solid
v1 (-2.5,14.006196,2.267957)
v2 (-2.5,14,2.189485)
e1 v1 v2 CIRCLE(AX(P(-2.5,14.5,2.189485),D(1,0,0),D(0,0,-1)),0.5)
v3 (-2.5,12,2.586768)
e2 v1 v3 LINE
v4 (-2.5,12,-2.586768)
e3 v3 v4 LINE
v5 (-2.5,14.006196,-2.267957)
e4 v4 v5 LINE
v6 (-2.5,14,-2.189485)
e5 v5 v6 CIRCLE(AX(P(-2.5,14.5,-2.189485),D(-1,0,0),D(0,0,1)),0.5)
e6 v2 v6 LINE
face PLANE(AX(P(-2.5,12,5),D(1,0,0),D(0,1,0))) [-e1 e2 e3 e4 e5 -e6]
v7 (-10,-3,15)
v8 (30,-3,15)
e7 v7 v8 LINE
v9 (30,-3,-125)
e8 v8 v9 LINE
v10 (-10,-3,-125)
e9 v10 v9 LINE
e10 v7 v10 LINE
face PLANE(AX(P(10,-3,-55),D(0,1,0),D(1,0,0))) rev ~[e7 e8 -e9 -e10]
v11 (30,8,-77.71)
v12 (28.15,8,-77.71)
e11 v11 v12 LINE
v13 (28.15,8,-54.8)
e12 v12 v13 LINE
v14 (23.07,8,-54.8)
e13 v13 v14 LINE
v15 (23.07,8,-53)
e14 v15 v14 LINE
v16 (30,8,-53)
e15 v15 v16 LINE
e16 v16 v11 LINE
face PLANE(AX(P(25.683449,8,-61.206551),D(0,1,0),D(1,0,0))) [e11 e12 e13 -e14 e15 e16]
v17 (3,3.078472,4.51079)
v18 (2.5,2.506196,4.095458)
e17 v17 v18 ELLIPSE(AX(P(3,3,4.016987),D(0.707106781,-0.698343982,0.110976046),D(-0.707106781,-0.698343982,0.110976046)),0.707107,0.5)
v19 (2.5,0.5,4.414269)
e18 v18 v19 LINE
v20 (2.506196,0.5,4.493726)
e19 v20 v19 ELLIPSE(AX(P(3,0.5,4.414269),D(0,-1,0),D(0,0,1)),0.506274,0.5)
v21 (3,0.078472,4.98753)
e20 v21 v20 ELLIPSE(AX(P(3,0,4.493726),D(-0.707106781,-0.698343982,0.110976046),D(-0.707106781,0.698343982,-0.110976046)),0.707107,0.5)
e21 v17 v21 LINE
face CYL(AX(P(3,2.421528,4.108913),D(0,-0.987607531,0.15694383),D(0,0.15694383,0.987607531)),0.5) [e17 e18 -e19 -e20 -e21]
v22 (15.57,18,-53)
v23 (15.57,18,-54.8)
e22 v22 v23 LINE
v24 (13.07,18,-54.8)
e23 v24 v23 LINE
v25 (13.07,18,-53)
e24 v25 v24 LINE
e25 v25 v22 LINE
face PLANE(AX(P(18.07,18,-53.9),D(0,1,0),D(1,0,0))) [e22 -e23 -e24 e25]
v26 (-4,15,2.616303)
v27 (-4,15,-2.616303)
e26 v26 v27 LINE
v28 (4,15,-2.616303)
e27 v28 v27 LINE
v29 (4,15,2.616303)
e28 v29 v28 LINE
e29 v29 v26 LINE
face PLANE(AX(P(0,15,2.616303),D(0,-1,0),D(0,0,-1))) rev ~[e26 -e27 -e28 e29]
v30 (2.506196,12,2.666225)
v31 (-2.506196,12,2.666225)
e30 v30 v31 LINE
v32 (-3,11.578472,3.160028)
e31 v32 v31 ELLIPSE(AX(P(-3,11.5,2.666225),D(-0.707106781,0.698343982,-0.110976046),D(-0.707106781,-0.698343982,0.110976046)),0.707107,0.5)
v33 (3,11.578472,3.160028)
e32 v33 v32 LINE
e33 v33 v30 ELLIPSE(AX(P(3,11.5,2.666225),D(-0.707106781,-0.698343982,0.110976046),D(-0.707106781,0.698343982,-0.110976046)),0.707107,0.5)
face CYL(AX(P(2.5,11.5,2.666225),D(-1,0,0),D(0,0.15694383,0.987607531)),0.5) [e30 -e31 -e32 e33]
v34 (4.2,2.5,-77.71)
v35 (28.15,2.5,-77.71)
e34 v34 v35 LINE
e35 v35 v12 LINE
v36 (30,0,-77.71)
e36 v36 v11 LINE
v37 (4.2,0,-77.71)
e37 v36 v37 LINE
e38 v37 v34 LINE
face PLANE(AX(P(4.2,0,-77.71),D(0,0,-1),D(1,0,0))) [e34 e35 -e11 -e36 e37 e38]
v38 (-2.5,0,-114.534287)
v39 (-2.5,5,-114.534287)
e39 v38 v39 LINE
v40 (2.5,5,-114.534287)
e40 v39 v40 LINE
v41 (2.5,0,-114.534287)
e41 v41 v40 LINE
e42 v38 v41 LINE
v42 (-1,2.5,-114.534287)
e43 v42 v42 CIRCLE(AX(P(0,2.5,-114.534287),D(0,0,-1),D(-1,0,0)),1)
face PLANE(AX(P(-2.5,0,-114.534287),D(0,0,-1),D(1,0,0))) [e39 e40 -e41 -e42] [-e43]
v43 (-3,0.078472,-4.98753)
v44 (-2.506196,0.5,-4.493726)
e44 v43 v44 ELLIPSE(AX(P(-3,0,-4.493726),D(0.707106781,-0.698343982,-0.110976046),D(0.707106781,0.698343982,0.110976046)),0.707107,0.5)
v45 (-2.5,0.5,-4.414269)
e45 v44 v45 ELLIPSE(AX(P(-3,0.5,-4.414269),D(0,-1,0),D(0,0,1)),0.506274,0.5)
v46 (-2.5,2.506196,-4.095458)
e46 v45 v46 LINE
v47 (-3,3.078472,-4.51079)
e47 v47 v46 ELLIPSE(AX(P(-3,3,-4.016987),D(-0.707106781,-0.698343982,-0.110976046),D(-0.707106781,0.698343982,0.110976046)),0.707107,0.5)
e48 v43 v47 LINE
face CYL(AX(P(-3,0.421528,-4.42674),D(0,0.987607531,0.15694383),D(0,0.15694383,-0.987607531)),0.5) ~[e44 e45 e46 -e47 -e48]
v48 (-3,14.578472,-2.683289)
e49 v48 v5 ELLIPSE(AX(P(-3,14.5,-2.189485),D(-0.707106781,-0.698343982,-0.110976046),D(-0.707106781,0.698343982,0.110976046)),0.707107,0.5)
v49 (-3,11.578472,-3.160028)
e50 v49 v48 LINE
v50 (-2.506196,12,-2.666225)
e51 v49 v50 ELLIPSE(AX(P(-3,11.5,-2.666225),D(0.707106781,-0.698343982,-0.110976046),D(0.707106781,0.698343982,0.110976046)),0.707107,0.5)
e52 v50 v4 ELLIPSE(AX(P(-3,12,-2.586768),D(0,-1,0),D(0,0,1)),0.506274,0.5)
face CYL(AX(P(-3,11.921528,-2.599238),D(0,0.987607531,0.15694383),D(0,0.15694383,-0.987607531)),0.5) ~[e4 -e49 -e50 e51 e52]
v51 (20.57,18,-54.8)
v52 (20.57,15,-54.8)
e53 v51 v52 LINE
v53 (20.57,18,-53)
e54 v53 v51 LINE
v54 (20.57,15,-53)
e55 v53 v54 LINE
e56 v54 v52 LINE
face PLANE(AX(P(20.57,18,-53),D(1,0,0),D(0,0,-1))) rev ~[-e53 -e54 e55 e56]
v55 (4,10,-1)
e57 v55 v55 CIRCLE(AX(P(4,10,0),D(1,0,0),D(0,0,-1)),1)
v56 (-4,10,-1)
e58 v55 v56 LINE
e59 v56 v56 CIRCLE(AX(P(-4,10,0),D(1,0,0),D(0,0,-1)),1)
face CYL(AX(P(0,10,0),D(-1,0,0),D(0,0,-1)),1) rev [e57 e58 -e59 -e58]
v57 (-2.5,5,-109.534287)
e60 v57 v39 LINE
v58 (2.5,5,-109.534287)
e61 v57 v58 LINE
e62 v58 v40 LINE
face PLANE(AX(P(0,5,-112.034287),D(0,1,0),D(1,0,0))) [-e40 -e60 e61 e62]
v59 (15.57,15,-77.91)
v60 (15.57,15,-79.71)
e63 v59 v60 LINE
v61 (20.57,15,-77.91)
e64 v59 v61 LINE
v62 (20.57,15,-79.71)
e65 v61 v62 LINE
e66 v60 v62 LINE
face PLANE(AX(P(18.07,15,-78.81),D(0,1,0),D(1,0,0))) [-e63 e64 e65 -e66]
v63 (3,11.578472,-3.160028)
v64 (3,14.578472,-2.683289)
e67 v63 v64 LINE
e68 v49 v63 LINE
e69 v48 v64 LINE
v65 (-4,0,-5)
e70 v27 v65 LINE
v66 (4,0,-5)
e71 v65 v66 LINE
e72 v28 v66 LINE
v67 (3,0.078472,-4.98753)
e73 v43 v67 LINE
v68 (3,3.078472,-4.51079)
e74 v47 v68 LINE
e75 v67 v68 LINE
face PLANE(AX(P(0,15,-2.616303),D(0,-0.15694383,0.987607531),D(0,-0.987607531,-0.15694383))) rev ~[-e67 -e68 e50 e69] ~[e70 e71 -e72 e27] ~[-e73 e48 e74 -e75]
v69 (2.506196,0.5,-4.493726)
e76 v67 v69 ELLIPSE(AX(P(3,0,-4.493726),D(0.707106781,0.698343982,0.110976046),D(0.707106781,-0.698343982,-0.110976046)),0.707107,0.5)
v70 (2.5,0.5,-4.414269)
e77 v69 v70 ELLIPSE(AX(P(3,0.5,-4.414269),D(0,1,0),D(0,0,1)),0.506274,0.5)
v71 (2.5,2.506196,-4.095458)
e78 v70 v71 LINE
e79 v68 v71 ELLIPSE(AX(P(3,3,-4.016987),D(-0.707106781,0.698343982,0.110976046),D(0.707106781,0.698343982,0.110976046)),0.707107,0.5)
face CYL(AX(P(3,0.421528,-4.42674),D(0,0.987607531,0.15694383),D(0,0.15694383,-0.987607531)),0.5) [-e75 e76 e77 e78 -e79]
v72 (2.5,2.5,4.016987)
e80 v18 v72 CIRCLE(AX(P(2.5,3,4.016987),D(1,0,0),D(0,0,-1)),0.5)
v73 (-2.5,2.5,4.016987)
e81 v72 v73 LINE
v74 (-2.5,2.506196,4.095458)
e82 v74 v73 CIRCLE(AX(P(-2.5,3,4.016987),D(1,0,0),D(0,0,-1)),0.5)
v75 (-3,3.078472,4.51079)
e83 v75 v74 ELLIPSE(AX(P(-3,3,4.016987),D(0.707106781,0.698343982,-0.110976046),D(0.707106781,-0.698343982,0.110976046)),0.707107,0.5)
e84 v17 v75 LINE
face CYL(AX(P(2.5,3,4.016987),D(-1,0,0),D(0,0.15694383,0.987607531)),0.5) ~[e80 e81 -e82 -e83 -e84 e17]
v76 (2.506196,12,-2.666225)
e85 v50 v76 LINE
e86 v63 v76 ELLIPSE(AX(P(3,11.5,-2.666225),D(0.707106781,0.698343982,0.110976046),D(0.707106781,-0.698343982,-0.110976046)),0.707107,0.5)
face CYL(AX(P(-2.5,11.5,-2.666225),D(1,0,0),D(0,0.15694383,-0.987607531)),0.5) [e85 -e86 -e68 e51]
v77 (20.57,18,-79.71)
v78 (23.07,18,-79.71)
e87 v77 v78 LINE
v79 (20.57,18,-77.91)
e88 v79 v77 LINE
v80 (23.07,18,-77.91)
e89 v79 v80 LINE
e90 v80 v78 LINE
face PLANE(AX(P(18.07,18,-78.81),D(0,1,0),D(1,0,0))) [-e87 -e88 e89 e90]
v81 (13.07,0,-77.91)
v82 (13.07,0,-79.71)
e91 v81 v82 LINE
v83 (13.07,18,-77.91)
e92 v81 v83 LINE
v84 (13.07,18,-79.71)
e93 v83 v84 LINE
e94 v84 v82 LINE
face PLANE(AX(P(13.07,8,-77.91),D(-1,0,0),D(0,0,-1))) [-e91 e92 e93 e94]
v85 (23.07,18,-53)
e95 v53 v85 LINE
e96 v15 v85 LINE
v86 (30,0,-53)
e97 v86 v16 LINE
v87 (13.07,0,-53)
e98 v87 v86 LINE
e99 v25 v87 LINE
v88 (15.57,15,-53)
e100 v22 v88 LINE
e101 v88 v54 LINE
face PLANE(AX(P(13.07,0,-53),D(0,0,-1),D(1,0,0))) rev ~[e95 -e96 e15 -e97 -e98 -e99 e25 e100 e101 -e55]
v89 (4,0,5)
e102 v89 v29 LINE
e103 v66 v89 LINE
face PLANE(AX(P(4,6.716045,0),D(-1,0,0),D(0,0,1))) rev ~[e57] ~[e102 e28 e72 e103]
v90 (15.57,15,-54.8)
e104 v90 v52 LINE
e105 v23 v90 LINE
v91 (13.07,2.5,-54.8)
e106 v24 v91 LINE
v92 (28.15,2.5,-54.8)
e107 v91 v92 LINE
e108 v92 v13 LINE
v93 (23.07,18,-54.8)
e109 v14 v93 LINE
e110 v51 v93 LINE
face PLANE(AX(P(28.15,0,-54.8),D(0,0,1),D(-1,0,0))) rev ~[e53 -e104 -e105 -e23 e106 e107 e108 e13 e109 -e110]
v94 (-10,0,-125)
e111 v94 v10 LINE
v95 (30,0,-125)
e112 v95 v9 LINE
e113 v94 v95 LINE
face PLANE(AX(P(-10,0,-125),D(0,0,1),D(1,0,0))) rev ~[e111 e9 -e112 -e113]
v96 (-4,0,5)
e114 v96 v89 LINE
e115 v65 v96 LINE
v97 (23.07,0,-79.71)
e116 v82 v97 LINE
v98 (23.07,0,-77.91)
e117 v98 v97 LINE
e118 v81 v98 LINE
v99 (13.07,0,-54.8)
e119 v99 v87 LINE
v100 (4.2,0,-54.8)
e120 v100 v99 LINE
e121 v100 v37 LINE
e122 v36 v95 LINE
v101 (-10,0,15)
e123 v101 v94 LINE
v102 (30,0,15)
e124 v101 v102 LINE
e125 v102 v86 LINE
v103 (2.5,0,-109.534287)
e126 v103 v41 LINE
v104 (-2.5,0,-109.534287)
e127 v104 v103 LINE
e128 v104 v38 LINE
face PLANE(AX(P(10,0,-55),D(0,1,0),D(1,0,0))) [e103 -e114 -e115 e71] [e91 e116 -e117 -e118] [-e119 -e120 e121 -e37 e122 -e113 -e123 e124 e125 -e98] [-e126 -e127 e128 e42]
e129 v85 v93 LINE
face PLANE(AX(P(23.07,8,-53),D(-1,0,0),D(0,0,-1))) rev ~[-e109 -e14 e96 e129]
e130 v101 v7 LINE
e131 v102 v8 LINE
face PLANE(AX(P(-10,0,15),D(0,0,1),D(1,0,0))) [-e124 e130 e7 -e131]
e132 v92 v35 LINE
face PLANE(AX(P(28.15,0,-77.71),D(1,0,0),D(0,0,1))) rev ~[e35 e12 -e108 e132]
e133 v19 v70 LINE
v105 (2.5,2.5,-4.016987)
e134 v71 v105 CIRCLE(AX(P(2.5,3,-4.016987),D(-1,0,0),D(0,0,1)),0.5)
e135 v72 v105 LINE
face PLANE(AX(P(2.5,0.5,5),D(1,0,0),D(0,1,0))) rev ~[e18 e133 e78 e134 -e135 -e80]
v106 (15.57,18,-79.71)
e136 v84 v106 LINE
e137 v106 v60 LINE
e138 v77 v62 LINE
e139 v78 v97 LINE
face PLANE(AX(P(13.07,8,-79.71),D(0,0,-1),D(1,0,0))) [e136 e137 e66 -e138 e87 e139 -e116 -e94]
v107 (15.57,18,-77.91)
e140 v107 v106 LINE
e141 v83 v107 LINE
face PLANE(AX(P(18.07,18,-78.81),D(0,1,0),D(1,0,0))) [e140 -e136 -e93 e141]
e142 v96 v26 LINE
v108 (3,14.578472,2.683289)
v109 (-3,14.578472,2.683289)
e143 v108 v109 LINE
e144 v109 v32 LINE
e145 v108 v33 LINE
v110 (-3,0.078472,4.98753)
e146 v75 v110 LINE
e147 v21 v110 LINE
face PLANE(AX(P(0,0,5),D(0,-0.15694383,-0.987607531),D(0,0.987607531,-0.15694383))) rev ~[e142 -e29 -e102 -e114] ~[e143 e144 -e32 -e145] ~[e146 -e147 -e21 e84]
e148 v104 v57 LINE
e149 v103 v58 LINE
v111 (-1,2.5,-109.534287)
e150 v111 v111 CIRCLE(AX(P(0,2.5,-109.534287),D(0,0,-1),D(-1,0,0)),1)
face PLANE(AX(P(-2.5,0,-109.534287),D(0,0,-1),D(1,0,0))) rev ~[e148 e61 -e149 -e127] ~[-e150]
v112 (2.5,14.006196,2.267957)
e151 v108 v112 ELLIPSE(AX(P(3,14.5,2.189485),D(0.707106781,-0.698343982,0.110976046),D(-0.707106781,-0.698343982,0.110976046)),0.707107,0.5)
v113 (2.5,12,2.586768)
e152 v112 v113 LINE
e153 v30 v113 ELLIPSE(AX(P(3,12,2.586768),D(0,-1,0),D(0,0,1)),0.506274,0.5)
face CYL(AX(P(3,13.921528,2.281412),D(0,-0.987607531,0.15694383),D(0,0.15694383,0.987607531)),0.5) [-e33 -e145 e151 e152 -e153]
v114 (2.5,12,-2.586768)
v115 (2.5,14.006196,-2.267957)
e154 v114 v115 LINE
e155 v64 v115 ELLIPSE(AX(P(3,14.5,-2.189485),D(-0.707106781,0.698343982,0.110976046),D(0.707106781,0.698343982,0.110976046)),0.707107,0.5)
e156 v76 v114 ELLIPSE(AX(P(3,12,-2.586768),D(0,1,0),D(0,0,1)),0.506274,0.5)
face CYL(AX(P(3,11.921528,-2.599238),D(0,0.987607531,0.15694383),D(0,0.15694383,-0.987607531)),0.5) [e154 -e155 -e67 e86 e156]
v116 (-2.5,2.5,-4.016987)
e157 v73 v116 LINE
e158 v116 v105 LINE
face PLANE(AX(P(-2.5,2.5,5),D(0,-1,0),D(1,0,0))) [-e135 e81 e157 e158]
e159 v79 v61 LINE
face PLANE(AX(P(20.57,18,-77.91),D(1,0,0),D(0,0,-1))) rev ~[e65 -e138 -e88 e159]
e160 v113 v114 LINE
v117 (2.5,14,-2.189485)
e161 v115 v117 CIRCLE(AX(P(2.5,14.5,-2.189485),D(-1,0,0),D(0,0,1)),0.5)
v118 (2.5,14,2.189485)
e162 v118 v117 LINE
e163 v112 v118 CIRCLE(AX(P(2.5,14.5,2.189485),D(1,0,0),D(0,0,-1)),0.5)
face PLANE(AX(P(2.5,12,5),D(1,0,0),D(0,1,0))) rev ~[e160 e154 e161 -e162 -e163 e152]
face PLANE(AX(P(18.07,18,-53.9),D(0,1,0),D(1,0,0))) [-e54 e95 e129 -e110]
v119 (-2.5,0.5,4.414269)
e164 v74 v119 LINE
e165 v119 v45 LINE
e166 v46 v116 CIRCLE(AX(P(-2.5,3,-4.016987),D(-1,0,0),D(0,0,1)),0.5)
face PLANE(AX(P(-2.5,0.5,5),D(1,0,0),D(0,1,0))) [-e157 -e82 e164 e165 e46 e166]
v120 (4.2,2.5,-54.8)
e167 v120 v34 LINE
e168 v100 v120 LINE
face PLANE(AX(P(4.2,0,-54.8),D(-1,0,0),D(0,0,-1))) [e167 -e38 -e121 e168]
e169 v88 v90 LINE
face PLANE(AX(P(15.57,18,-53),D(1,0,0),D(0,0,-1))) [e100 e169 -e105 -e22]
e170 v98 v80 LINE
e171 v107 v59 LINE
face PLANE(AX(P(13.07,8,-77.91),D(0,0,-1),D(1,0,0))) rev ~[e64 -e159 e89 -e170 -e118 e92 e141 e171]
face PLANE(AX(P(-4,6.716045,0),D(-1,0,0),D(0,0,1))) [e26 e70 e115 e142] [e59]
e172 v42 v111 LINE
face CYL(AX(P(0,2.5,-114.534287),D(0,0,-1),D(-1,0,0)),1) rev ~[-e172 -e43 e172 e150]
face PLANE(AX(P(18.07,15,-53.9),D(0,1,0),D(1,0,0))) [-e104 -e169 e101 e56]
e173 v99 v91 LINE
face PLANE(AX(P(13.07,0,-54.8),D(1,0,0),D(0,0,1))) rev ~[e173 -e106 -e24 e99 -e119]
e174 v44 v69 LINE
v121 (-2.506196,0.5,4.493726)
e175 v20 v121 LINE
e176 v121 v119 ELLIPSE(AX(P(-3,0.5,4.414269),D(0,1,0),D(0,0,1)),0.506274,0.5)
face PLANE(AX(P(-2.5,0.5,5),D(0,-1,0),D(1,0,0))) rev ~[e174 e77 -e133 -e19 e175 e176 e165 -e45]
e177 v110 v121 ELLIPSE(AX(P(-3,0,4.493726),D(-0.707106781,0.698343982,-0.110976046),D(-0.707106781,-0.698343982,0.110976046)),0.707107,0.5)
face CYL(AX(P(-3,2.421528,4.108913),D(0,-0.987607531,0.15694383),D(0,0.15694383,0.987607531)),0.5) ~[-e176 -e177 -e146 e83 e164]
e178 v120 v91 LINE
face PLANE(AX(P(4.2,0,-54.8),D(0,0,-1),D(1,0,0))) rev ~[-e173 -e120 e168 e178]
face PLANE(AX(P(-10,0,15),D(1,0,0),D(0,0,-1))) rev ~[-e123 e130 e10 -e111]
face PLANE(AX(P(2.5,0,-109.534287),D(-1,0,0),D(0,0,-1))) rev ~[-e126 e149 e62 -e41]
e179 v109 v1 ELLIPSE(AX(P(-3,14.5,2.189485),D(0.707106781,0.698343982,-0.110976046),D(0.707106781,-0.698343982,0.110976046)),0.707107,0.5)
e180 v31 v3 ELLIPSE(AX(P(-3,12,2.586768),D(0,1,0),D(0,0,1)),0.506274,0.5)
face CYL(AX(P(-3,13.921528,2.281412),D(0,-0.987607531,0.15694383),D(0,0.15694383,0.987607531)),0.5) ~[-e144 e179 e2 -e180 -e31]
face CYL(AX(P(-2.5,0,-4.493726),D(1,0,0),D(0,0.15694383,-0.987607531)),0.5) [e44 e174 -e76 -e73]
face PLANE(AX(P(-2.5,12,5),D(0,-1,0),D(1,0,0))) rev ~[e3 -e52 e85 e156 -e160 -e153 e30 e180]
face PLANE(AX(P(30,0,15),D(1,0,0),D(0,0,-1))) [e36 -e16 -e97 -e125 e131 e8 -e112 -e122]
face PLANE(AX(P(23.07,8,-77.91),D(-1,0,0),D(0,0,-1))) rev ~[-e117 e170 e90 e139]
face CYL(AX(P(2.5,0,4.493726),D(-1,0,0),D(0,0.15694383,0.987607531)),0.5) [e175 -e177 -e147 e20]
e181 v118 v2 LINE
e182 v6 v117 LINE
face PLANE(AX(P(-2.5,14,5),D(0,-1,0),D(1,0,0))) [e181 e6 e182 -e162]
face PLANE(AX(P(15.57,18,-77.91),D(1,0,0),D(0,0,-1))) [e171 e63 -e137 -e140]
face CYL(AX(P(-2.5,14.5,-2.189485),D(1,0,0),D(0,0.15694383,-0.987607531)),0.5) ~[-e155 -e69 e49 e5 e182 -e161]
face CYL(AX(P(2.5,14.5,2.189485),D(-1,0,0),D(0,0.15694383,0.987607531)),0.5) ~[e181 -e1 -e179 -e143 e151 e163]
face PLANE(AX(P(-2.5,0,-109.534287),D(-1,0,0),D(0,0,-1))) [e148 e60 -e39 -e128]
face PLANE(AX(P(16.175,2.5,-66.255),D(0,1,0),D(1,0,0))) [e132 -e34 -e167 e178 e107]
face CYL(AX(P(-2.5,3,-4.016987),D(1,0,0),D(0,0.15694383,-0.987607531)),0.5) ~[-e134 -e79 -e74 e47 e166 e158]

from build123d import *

# Parameters (mm, degrees)
TEST_MOUNT_SKETCH_R                  = 1
TEST_MOUNT_EXTRUDE_DEPTH             = 4
MOUTNING_PLATE_SKETCH_W              = 40
MOUTNING_PLATE_SKETCH_H              = 140
MOUNTING_PLATE_EXTRUDE_DEPTH         = 3
SERVO_MOUNT_SKETCH_W                 = 10
SERVO_MOUNT_SKETCH_H                 = 1.8
MOUNTING_SERVO_EXTRUDE_DEPTH         = 8
SERVO_FLOOR_SKETCH_W                 = 23.95
SERVO_FLOOR_SKETCH_H                 = 22.91
SERVO_FLOOR_EXTRUDE_DEPTH            = 2.5
ROUTING_HOLES_SKETCH_W               = 5
ROUTING_HOLES_SKETCH_H               = 2
ROUTING_HOLES_EXTRUDED_CUT_DEPTH     = 10
ROUTING_FILLETS_R                    = 0.5
TIE_OFF_BASE_W                       = 5
TIE_OFF_BASE_H                       = 5
TIE_OFF_BASE_EXTRUDE_DEPTH           = 5
TIE_OFF_BASE_HOLE_SKETCH_R           = 1
TIE_OFF_BASE_HOLE_EXTRUDED_CUT_DEPTH = 5
SERVO_HOLD_SKETCH_W                  = 10
SERVO_HOLD_SKETCH_H                  = 1.8
SERVO_HOLD_EXTRUDE_DEPTH             = 10
SERVO_HOLDER_CUT_OUT_SKETCH_W        = 5
SERVO_HOLDER_CUT_OUT_SKETCH_H        = 1.8
SERVO_HOLDER_CUT_OUT_CUT_DEPTH       = 3


with BuildPart() as part:
    # Test Mount Sketch → Test Mount Extrude (new, symmetric)
    with BuildSketch(Plane(origin=(0, 0, 0), x_dir=(0, 0, -1), z_dir=(1, 0, 0))):
        Polygon((-5, 0), (-2.616302657, 15), (2.616302657, 15), (5, 0), align=None)
        with Locations((0, 10)):
            Circle(TEST_MOUNT_SKETCH_R, mode=Mode.SUBTRACT)
    extrude(amount=TEST_MOUNT_EXTRUDE_DEPTH, both=True)

    # Moutning Plate Sketch → Mounting Plate Extrude (add)
    with BuildSketch(Plane(origin=(0, 0, 0), x_dir=(1, 0, 0), z_dir=(0, 1, 0))):
        with Locations((10, 55)):
            Rectangle(MOUTNING_PLATE_SKETCH_W, MOUTNING_PLATE_SKETCH_H)
    extrude(amount=-MOUNTING_PLATE_EXTRUDE_DEPTH)

    # Servo Mount Sketch → Mounting Servo Extrude (add)
    with BuildSketch(Plane(origin=(0, 0, 0), x_dir=(1, 0, 0), z_dir=(0, 1, 0))):
        Polygon((30, 77.71), (28.15, 77.71), (28.15, 54.8), (13.07, 54.8), (13.07, 53), (30, 53), align=None)
        with Locations((18.07, 78.81)):
            Rectangle(SERVO_MOUNT_SKETCH_W, SERVO_MOUNT_SKETCH_H)
    extrude(amount=MOUNTING_SERVO_EXTRUDE_DEPTH)

    # Servo Floor Sketch → Servo Floor Extrude (add)
    with BuildSketch(Plane(origin=(0, 0, 0), x_dir=(1, 0, 0), z_dir=(0, 1, 0))):
        with Locations((16.175, 66.255)):
            Rectangle(SERVO_FLOOR_SKETCH_W, SERVO_FLOOR_SKETCH_H)
    extrude(amount=SERVO_FLOOR_EXTRUDE_DEPTH)

    # Routing Holes Sketch → Routing Holes Extruded Cut (cut)
    with BuildSketch(Plane.XY.offset(5)):
        with Locations((0, 13)):
            Rectangle(ROUTING_HOLES_SKETCH_W, ROUTING_HOLES_SKETCH_H)
        with Locations((0, 1.5)):
            Rectangle(ROUTING_HOLES_SKETCH_W, ROUTING_HOLES_SKETCH_H)
    extrude(amount=-ROUTING_HOLES_EXTRUDED_CUT_DEPTH, mode=Mode.SUBTRACT)

    # Routing Fillets
    routing_fillets_edges = [part.edges().sort_by_distance(p)[0] for p in [
        (-2.5, 1.5, -4.761630266),
        (0, 2.5, -4.602717109),
        (2.5, 1.5, -4.761630266),
        (0, 0.5, -4.920543422),
        (0, 0.5, 4.920543422),
        (2.5, 1.5, 4.761630266),
        (0, 2.5, 4.602717109),
        (-2.5, 1.5, 4.761630266),
        (0, 12, 3.093042125),
        (2.5, 13, 2.934128969),
        (0, 14, 2.775215813),
        (-2.5, 13, 2.934128969),
        (-2.5, 13, -2.934128969),
        (0, 14, -2.775215813),
        (2.5, 13, -2.934128969),
        (0, 12, -3.093042125),
    ]]
    fillet(routing_fillets_edges, radius=ROUTING_FILLETS_R)

    # Tie Off Base → Tie Off Base Extrude (add)
    with BuildSketch(Plane(origin=(0, 0, 0), x_dir=(1, 0, 0), z_dir=(0, 1, 0))):
        with Locations((0, 112.034286595)):
            Rectangle(TIE_OFF_BASE_W, TIE_OFF_BASE_H)
    extrude(amount=TIE_OFF_BASE_EXTRUDE_DEPTH)

    # Tie Off Base Hole Sketch → Tie Off Base Hole Extruded Cut (cut)
    with BuildSketch(Plane(origin=(0, 0, -114.534286595), x_dir=(-1, 0, 0), z_dir=(0, 0, -1))):
        with Locations((0, 2.5)):
            Circle(TIE_OFF_BASE_HOLE_SKETCH_R)
    extrude(amount=-TIE_OFF_BASE_HOLE_EXTRUDED_CUT_DEPTH, mode=Mode.SUBTRACT)

    # Servo Hold Sketch → Servo Hold Extrude (add)
    with BuildSketch(Plane(origin=(0, 8, 0), x_dir=(1, 0, 0), z_dir=(0, 1, 0))):
        with Locations((18.07, 78.81)):
            Rectangle(SERVO_HOLD_SKETCH_W, SERVO_HOLD_SKETCH_H)
        with Locations((18.07, 53.9)):
            Rectangle(SERVO_HOLD_SKETCH_W, SERVO_HOLD_SKETCH_H)
    extrude(amount=SERVO_HOLD_EXTRUDE_DEPTH)

    # Servo Holder Cut Out Sketch → Servo Holder Cut out Cut (cut)
    with BuildSketch(Plane(origin=(0, 18, 0), x_dir=(1, 0, 0), z_dir=(0, 1, 0))):
        with Locations((18.07, 78.81)):
            Rectangle(SERVO_HOLDER_CUT_OUT_SKETCH_W, SERVO_HOLDER_CUT_OUT_SKETCH_H)
        with Locations((18.07, 53.9)):
            Rectangle(SERVO_HOLDER_CUT_OUT_SKETCH_W, SERVO_HOLDER_CUT_OUT_SKETCH_H)
    extrude(amount=-SERVO_HOLDER_CUT_OUT_CUT_DEPTH, mode=Mode.SUBTRACT)


solid = part.part
